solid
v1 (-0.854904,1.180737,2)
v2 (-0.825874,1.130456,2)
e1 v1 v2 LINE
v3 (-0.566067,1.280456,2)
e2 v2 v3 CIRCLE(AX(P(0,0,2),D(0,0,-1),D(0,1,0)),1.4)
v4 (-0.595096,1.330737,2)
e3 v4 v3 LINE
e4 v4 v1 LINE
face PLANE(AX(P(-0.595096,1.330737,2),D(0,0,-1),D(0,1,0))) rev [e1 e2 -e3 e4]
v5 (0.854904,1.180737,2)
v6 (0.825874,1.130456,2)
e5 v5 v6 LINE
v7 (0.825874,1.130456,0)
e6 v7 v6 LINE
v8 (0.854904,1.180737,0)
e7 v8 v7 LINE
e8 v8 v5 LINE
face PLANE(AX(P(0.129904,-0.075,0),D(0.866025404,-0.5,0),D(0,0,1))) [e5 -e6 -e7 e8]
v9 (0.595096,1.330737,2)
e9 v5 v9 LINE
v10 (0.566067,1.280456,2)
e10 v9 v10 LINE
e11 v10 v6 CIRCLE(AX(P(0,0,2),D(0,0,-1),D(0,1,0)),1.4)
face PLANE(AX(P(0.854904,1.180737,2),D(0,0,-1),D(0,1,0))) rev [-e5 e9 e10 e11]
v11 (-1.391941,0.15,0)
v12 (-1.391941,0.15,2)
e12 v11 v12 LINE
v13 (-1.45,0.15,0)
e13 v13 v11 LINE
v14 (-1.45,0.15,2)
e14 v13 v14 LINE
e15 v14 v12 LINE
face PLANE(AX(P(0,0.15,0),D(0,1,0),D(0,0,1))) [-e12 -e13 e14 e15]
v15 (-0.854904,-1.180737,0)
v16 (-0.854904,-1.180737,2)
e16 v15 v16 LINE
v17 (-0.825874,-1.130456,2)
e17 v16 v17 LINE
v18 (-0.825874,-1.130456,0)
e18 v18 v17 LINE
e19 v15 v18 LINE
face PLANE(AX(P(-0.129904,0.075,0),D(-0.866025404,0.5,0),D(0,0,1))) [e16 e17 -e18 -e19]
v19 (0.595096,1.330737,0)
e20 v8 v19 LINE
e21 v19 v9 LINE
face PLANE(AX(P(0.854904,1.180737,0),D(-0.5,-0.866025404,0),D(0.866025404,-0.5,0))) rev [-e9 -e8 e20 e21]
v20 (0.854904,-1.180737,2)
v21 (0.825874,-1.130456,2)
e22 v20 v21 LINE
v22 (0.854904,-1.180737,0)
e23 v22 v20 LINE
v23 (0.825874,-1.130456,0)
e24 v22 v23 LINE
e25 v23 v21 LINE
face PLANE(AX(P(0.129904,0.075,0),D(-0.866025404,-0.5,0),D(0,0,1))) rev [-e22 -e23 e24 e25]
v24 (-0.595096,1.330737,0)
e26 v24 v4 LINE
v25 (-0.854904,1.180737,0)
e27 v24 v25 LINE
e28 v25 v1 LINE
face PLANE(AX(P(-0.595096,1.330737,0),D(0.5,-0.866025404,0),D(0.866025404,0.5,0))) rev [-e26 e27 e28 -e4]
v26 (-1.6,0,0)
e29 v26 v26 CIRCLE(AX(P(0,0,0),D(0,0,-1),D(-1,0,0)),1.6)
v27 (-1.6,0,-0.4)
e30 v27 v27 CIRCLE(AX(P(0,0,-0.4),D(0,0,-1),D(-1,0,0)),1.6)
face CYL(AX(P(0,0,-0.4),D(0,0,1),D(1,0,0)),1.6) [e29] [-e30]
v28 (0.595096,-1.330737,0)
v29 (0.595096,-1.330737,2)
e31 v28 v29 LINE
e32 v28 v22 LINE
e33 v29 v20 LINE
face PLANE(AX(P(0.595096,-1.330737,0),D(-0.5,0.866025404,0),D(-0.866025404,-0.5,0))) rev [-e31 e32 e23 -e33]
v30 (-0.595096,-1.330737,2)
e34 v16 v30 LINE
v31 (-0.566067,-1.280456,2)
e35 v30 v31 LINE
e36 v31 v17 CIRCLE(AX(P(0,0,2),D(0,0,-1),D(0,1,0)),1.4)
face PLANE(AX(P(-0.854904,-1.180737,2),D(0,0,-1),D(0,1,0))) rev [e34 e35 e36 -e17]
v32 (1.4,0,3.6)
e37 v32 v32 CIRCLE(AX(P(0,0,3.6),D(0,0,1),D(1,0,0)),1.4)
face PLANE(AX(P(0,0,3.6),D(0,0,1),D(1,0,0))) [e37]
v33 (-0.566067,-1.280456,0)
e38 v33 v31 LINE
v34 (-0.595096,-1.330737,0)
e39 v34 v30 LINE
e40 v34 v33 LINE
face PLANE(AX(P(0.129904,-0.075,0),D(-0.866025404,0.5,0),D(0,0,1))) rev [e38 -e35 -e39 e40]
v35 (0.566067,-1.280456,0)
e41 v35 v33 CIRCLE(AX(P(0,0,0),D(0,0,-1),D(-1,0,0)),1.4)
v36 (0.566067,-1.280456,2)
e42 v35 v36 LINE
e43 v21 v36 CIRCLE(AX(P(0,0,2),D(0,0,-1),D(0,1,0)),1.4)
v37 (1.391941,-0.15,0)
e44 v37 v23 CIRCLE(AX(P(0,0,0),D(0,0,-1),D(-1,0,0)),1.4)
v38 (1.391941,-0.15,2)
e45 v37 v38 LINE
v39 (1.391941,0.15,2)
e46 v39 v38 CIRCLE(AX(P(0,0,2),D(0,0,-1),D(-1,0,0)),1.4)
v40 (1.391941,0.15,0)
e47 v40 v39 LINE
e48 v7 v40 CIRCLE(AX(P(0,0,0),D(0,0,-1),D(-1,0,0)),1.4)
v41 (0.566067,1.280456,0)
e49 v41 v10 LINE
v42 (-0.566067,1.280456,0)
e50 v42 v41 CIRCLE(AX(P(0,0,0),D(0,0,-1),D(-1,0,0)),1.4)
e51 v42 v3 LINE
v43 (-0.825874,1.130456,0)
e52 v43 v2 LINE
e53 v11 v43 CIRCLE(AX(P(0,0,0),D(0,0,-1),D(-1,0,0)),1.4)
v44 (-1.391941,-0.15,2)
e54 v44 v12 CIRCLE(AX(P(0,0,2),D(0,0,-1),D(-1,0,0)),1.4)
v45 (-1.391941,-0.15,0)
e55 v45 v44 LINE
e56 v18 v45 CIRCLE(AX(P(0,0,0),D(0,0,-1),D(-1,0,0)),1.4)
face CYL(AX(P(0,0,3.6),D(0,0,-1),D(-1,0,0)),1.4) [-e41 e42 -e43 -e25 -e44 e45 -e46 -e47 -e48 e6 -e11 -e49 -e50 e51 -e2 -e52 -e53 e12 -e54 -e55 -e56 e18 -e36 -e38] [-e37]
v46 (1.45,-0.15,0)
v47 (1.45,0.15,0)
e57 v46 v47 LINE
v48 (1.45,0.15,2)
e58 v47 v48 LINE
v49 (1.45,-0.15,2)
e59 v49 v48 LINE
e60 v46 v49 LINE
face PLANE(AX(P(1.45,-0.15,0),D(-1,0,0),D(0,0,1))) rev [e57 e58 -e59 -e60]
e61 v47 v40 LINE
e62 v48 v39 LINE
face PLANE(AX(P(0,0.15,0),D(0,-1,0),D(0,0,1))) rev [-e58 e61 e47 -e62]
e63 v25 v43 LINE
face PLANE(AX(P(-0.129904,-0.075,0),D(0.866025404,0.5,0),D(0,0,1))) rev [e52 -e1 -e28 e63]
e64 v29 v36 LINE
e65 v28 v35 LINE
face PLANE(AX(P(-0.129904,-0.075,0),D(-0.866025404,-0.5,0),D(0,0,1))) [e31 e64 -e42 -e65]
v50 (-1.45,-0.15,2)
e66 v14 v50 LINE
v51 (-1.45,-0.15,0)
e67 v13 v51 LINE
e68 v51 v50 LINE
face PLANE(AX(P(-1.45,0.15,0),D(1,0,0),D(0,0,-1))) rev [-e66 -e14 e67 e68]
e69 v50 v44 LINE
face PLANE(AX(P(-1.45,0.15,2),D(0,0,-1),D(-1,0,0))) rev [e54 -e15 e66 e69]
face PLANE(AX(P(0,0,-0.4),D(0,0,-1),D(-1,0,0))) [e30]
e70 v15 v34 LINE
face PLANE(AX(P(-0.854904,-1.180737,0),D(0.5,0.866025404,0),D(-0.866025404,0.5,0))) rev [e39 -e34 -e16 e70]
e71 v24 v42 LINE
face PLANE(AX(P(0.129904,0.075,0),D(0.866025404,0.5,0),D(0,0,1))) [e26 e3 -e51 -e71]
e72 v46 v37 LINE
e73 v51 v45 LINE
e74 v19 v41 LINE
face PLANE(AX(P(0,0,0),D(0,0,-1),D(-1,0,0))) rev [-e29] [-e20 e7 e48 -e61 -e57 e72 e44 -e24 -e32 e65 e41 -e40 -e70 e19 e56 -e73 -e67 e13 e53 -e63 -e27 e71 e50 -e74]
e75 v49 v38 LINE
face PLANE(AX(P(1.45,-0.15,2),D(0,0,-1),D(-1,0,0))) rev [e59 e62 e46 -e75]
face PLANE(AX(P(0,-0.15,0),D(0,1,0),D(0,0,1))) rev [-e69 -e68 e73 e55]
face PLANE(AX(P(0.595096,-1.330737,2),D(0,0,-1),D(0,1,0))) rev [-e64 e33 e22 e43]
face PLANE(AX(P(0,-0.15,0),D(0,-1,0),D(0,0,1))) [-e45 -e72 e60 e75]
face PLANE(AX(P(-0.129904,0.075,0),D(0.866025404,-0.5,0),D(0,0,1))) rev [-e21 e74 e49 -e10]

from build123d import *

# Parameters (mm, degrees)
SKETCH_1_R               = 1.4
EXTRUDE_1_DEPTH          = 3.6
SKETCH_2_R               = 1.6
EXTRUDE_2_DEPTH          = 0.4
SKETCH_3_W               = 0.120106516
SKETCH_3_H               = 2
EXTRUDE_3_DEPTH          = 0.15
PATTERN_CIRCULAR_1_COUNT = 6


with BuildPart() as part:
    # 草图1 → 凸台-拉伸1 (new body)
    with BuildSketch(Plane.XY):
        Circle(SKETCH_1_R)
    extrude(amount=EXTRUDE_1_DEPTH)

    # 草图2 → 凸台-拉伸2 (add)
    with BuildSketch(Plane(origin=(0, 0, 0), x_dir=(-1, 0, 0), z_dir=(0, 0, -1))):
        Circle(SKETCH_2_R)
    extrude(amount=EXTRUDE_2_DEPTH)

    # 草图3 → 凸台-拉伸3 (add, symmetric)
    with BuildSketch(Plane(origin=(0, 0, 0), x_dir=(1, 0, 0), z_dir=(0, 1, 0))):
        with Locations((-1.389946742, -1)):
            Rectangle(SKETCH_3_W, SKETCH_3_H)
    extrude_3 = extrude(amount=EXTRUDE_3_DEPTH, both=True)

    # 阵列(圆周)1: 凸台-拉伸3 ×6 about axis
    pattern_circular_1_axis = Axis((0, 0, 0), (0, 0, 1))
    for i in range(1, PATTERN_CIRCULAR_1_COUNT):
        add(extrude_3.rotate(pattern_circular_1_axis, i * 360 / PATTERN_CIRCULAR_1_COUNT))


solid = part.part
